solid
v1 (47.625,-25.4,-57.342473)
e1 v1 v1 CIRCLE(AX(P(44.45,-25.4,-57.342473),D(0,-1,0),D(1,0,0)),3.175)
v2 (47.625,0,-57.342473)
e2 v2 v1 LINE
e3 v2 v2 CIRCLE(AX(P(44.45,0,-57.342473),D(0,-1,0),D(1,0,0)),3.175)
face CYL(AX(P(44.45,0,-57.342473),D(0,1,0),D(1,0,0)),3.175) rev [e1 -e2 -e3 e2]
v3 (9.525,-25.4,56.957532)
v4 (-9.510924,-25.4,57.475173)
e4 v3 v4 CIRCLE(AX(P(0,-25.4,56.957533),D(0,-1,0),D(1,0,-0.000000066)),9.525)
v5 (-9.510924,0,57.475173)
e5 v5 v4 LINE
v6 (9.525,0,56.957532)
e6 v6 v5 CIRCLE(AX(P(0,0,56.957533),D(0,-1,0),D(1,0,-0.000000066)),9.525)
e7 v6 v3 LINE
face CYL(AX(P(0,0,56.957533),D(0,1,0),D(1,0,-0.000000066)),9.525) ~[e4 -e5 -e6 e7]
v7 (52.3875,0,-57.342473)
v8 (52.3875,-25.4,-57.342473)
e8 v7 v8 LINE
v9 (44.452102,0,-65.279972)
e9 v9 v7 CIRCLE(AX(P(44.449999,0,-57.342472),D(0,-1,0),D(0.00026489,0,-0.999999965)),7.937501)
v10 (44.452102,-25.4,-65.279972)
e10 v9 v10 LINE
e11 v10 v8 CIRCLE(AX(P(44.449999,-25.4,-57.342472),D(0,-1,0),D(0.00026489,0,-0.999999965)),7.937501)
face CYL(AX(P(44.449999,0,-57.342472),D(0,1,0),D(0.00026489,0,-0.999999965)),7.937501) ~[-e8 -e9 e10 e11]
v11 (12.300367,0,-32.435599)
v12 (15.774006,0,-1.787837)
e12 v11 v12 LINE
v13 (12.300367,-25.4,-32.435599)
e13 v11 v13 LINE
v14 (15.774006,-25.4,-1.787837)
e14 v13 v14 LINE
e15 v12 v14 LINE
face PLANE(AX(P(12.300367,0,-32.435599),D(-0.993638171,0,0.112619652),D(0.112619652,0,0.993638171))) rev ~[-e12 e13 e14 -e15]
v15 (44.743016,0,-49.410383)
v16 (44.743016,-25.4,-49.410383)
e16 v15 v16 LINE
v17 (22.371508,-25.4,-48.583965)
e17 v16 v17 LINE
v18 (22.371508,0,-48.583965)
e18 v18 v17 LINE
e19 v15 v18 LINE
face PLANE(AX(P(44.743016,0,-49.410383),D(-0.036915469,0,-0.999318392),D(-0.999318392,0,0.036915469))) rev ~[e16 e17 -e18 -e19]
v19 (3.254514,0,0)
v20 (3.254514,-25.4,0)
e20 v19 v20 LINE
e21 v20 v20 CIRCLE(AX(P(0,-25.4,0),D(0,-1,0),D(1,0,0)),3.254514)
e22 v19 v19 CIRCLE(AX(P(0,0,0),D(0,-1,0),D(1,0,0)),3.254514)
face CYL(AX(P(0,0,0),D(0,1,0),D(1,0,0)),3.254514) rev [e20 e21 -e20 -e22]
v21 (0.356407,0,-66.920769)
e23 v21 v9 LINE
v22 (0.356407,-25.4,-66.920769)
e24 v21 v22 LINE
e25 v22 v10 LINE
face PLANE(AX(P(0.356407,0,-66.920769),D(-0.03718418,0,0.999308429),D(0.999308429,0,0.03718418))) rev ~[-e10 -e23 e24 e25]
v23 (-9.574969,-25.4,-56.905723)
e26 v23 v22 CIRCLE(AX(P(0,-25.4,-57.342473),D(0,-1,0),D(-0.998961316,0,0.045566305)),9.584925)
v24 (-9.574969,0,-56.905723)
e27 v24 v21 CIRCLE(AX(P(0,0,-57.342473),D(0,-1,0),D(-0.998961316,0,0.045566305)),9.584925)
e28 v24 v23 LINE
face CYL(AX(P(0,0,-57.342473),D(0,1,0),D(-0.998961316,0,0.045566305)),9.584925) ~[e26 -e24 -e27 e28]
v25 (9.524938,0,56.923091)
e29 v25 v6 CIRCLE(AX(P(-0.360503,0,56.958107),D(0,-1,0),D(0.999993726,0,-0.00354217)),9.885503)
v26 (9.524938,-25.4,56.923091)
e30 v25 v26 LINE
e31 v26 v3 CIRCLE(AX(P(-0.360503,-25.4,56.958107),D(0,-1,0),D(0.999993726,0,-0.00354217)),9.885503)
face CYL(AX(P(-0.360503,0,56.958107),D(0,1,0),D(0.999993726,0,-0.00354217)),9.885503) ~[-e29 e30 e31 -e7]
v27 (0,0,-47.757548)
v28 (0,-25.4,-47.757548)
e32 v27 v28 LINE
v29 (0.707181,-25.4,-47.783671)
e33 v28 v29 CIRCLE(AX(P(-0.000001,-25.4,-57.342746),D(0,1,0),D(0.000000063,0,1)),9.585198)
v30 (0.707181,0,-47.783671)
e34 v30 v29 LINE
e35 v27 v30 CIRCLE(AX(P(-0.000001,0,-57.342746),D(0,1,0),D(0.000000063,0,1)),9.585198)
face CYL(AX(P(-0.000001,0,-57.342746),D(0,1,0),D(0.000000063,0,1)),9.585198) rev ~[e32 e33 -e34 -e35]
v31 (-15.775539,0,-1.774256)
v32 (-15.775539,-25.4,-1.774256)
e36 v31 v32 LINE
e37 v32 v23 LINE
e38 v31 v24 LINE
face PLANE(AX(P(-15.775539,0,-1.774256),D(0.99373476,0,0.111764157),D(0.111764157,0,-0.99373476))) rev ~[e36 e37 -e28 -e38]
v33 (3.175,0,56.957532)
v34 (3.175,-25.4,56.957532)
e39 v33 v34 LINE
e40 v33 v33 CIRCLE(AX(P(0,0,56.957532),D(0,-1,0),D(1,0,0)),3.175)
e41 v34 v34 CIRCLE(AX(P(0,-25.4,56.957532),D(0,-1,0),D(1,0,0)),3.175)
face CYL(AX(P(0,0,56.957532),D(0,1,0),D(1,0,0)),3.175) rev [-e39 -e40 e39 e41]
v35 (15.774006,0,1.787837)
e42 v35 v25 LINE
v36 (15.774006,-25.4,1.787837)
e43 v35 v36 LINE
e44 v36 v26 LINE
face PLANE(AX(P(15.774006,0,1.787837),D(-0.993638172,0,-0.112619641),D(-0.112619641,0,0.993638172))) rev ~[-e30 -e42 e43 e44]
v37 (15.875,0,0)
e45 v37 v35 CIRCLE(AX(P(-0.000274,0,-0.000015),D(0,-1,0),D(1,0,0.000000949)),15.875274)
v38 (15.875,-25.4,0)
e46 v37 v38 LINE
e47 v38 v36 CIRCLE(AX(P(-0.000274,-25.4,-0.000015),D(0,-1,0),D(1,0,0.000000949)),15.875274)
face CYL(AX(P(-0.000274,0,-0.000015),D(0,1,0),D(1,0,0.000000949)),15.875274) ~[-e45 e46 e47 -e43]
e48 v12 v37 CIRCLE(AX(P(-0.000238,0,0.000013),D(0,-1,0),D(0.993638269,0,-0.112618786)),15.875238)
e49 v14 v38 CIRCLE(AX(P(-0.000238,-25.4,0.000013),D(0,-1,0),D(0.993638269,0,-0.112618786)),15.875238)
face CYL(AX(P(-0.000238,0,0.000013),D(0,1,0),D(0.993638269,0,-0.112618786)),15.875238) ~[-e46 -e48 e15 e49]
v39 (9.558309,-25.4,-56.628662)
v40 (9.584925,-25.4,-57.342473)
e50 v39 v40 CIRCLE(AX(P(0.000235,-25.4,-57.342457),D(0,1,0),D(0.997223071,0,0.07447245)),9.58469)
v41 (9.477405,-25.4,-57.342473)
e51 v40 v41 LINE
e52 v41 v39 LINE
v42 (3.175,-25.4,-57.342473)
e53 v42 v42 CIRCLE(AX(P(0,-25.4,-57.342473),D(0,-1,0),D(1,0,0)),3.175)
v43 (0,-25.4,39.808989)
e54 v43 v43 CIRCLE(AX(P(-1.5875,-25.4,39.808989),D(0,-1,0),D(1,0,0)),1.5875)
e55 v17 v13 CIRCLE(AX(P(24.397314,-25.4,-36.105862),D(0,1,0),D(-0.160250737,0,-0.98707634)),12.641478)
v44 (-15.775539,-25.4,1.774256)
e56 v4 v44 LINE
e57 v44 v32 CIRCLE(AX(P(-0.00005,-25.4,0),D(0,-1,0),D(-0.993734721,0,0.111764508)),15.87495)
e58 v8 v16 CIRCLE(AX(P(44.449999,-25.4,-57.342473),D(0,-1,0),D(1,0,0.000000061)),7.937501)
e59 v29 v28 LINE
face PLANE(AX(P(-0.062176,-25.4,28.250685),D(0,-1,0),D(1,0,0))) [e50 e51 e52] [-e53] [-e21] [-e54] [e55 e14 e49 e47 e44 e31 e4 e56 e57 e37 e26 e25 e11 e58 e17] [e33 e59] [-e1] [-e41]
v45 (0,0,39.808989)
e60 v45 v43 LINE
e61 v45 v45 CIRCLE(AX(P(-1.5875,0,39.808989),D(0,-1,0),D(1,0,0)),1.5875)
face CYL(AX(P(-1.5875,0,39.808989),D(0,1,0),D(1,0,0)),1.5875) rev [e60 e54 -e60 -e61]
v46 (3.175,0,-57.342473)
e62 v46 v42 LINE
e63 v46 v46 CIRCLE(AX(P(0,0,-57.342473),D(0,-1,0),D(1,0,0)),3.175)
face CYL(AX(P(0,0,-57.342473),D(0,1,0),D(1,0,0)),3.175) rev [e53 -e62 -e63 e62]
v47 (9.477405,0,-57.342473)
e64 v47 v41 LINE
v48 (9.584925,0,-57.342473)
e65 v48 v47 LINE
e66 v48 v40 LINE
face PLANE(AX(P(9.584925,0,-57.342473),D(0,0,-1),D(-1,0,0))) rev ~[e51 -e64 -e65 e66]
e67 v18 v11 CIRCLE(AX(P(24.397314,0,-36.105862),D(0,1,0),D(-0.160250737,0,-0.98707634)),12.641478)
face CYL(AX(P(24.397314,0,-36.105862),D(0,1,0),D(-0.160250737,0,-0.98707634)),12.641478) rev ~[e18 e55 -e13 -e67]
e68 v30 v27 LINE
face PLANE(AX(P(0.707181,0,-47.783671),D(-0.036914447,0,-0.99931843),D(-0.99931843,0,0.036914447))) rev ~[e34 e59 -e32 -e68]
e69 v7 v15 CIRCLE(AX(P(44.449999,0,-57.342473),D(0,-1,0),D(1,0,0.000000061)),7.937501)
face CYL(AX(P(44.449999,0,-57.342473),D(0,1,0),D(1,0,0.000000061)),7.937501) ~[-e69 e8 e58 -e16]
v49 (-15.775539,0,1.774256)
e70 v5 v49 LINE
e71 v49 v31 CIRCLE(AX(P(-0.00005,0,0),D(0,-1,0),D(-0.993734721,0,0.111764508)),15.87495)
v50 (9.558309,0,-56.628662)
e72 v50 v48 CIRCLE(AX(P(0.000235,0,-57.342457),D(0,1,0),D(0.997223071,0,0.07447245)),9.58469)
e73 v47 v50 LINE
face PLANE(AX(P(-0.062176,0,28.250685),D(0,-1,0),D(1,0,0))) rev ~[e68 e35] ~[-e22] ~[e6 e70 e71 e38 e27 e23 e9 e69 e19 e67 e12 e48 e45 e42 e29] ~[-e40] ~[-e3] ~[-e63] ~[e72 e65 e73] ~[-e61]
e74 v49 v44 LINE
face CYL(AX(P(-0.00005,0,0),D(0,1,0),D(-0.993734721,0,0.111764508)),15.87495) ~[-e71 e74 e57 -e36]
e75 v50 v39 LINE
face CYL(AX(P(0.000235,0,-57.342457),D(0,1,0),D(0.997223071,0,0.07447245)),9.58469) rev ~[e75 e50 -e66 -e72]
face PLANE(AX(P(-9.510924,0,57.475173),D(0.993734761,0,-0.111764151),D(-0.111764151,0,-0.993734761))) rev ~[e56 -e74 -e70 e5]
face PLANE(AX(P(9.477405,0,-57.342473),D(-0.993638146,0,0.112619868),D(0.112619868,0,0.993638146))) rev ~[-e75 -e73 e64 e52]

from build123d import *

# Parameters (mm, degrees)
F0_R     = 1.5875
F0_R_2   = 3.254514
F0_R_3   = 3.175
F1_DEPTH = 25.4


with BuildPart() as f1:
    # F0 (on Front) → F1 (new body)
    with BuildSketch(Plane.XZ):
        with BuildLine():
            ThreePointArc((9.524938, 56.923091), (-0.27613, 47.436536), (-9.510924, 57.475173))
            Line((-9.510924, 57.475173), (-15.775539, 1.774256))
            ThreePointArc((-15.775539, 1.774256), (-0.006833, 15.874999), (15.774006, 1.787837))
            Line((15.774006, 1.787837), (9.524938, 56.923091))
        make_face()
        with Locations((-1.5875, 39.808989)):
            Circle(F0_R, mode=Mode.SUBTRACT)
        with BuildLine():
            ThreePointArc((15.774006, 1.787837), (-0.006833, 15.874999), (-15.775539, 1.774256))
            ThreePointArc((-15.775539, 1.774256), (-15.875, 0), (-15.775539, -1.774256))
            ThreePointArc((-15.775539, -1.774256), (-0.006834, -15.874999), (15.774006, -1.787837))
            ThreePointArc((15.774006, -1.787837), (15.849731, -0.895344), (15.875, 0))
            ThreePointArc((15.875, 0), (15.849731, 0.895343), (15.774006, 1.787837))
        make_face()
        Circle(F0_R_2, mode=Mode.SUBTRACT)
        with BuildLine():
            ThreePointArc((15.774006, -1.787837), (-0.006834, -15.874999), (-15.775539, -1.774256))
            Line((-15.775539, -1.774256), (-9.574969, -56.905723))
            ThreePointArc((-9.574969, -56.905723), (-6.621351, -50.412213), (0, -47.757548))
            ThreePointArc((0, -47.757548), (0.353832, -47.764081), (0.707181, -47.783671))
            ThreePointArc((0.707181, -47.783671), (6.775215, -50.562558), (9.558309, -56.628662))
            ThreePointArc((9.558309, -56.628662), (9.578269, -56.98532), (9.584925, -57.342473))
            ThreePointArc((9.584925, -57.342473), (6.902424, -63.992835), (0.356407, -66.920769))
            Line((0.356407, -66.920769), (44.452102, -65.279972))
            ThreePointArc((44.452102, -65.279972), (36.513833, -57.196991), (44.743016, -49.410383))
            Line((44.743016, -49.410383), (22.371508, -48.583965))
            ThreePointArc((22.371508, -48.583965), (13.670923, -42.795517), (12.300367, -32.435599))
            Line((12.300367, -32.435599), (15.774006, -1.787837))
        make_face()
        with BuildLine():
            ThreePointArc((44.743016, -49.410383), (36.513833, -57.196991), (44.452102, -65.279972))
            ThreePointArc((44.452102, -65.279972), (50.063403, -62.954389), (52.3875, -57.342473))
            ThreePointArc((52.3875, -57.342473), (50.165318, -51.834384), (44.743016, -49.410383))
        make_face()
        with Locations((44.45, -57.342473)):
            Circle(F0_R_3, mode=Mode.SUBTRACT)
        with BuildLine():
            ThreePointArc((0, -47.757548), (-6.621351, -50.412213), (-9.574969, -56.905723))
            ThreePointArc((-9.574969, -56.905723), (-6.805935, -64.091549), (0.356407, -66.920769))
            ThreePointArc((0.356407, -66.920769), (6.902424, -63.992835), (9.584925, -57.342473))
            Line((9.584925, -57.342473), (9.477405, -57.342473))
            Line((9.477405, -57.342473), (9.558309, -56.628662))
            ThreePointArc((9.558309, -56.628662), (6.775215, -50.562558), (0.707181, -47.783671))
            Line((0.707181, -47.783671), (0, -47.757548))
        make_face()
        with Locations((0, -57.342473)):
            Circle(F0_R_3, mode=Mode.SUBTRACT)
        with BuildLine():
            ThreePointArc((9.524938, 56.923091), (9.524984, 56.940312), (9.525, 56.957532))
            ThreePointArc((9.525, 56.957532), (0.258916, 66.479013), (-9.510924, 57.475173))
            ThreePointArc((-9.510924, 57.475173), (-0.27613, 47.436536), (9.524938, 56.923091))
        make_face()
        with Locations((0, 56.957532)):
            Circle(F0_R_3, mode=Mode.SUBTRACT)
    extrude(amount=F1_DEPTH)


solid = f1.part
